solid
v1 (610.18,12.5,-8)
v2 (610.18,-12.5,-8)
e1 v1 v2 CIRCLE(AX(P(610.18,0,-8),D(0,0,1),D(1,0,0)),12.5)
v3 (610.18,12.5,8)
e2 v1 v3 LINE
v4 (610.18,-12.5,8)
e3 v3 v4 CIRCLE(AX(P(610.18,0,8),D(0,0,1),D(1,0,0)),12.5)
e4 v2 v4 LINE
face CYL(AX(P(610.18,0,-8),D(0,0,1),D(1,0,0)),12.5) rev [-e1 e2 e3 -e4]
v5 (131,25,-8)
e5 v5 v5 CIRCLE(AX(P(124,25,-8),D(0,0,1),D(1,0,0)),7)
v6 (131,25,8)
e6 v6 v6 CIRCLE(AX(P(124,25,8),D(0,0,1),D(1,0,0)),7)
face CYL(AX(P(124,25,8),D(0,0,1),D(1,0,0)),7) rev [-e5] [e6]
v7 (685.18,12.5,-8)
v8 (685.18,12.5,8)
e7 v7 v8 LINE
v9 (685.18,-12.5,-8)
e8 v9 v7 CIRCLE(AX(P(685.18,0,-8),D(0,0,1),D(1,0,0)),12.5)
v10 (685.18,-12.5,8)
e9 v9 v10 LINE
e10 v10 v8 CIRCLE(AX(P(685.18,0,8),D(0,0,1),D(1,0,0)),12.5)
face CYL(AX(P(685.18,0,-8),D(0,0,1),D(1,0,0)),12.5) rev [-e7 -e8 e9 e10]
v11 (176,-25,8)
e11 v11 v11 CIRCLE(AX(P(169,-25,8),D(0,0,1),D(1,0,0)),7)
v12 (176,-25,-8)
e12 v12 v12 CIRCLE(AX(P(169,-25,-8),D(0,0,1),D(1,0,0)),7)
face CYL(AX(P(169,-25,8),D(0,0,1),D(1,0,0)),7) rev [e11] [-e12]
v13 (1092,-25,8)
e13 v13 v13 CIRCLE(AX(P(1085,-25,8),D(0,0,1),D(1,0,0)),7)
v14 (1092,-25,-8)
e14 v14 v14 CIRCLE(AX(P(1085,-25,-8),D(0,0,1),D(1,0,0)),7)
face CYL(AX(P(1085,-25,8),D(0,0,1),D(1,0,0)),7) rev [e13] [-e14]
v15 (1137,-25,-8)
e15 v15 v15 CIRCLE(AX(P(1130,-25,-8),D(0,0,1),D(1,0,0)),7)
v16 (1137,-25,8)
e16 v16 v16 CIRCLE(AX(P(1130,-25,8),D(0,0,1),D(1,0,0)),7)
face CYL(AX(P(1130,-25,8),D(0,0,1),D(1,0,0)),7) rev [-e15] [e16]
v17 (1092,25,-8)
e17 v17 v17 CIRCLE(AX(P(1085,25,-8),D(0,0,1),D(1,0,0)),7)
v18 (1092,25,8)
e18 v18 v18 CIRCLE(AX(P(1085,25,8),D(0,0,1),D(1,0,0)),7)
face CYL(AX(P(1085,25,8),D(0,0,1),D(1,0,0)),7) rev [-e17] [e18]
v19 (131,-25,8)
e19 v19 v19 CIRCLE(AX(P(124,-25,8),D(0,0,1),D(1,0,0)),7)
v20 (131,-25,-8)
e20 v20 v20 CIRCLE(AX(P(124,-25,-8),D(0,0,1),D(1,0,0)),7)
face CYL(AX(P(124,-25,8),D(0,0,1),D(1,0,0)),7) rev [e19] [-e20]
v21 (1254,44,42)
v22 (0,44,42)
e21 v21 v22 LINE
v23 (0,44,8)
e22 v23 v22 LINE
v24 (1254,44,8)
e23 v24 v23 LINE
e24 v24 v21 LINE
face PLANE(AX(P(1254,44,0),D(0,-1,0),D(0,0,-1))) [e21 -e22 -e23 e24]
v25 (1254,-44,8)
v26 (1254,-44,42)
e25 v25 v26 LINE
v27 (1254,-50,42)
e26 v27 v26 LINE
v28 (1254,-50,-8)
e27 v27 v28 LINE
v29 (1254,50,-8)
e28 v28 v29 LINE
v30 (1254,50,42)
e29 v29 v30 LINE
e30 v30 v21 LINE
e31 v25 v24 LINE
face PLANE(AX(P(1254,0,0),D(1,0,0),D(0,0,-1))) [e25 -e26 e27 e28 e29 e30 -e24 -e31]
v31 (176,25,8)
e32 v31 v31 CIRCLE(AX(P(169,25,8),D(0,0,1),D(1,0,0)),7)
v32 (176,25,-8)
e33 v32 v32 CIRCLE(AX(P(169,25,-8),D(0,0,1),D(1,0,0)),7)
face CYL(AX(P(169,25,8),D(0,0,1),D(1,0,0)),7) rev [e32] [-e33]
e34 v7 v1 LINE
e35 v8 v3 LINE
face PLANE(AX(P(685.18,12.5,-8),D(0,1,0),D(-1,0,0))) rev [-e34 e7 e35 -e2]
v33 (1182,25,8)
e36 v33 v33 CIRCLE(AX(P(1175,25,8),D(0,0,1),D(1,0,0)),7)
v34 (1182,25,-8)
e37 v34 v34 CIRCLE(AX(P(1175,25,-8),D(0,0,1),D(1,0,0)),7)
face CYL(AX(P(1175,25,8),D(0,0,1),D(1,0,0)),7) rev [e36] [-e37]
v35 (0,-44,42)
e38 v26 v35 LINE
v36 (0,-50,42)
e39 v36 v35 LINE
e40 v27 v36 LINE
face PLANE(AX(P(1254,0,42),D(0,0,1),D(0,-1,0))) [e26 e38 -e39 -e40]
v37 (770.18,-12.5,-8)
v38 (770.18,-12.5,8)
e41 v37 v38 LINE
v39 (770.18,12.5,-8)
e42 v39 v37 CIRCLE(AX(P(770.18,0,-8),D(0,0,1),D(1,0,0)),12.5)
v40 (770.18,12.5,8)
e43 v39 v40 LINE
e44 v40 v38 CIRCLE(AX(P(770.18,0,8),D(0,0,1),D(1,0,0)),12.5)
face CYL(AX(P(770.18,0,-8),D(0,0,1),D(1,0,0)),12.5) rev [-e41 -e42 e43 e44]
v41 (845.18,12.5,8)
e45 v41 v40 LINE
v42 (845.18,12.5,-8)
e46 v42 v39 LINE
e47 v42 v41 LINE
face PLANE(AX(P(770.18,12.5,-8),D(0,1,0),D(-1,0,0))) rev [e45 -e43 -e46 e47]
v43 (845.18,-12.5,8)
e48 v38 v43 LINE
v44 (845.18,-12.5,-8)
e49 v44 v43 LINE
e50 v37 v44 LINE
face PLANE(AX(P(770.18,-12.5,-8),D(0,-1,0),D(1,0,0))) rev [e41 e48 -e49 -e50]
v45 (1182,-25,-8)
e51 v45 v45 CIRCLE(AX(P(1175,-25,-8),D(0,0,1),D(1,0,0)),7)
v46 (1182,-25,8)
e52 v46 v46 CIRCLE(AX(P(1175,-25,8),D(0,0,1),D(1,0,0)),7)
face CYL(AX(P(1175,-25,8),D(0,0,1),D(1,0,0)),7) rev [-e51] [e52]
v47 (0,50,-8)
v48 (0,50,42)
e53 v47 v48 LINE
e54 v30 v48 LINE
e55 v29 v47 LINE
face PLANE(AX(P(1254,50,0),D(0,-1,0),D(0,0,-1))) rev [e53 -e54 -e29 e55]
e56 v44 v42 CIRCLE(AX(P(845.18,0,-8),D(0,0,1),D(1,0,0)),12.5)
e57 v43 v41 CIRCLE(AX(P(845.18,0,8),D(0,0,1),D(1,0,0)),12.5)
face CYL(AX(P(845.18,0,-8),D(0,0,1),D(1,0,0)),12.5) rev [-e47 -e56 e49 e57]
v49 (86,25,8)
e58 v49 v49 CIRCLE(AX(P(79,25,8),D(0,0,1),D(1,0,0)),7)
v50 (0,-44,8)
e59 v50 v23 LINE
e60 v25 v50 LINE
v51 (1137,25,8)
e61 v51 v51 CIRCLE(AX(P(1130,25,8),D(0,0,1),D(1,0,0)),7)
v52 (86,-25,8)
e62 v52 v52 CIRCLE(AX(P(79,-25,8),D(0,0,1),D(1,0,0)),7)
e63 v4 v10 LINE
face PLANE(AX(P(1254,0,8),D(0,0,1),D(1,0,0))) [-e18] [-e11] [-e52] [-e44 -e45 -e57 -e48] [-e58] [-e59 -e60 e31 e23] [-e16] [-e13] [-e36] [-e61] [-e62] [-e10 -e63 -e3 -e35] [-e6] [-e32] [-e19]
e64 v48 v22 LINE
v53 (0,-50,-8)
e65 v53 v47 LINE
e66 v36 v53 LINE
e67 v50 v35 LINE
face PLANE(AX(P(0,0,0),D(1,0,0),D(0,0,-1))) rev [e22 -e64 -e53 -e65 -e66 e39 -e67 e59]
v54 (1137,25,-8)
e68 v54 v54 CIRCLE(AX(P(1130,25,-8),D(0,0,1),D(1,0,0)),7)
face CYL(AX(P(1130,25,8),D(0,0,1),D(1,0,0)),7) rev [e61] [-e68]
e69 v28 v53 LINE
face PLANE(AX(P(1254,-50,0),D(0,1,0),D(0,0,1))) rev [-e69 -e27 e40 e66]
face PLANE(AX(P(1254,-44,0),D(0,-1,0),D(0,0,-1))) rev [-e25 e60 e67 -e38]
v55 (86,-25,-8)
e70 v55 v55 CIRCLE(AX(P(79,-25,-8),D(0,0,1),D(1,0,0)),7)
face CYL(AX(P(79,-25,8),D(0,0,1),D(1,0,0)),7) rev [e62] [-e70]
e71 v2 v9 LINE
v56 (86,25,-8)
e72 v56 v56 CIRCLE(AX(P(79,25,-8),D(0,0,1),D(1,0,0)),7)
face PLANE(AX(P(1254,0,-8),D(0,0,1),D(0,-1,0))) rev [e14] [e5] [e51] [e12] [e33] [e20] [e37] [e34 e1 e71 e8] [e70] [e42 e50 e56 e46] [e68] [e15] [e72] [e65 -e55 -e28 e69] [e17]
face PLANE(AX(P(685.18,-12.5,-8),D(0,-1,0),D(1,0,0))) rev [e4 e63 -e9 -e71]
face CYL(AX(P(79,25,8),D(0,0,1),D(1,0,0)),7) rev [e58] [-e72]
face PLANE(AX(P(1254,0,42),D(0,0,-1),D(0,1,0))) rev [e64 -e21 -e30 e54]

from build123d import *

# Parameters (mm, degrees)
SKETCH1_W               = 34
SKETCH1_H               = 6
SKETCH1_W_2             = 16
SKETCH1_H_2             = 88
BOSS_EXTRUDE1_DEPTH     = 1254
F_12_0MM_DOWEL_HOLE1_D  = 14
CUT_EXTRUDE1_DEPTH      = 35
CUT_EXTRUDE1_DEPTH_BACK = 17


with BuildPart() as part:
    # Sketch1 → Boss-Extrude1 (new body)
    with BuildSketch(Plane(origin=(0, 0, 0), x_dir=(0, 0, -1), z_dir=(1, 0, 0))):
        with Locations((-25, 47)):
            Rectangle(SKETCH1_W, SKETCH1_H)
        with Locations((0, 47)):
            Rectangle(SKETCH1_W_2, SKETCH1_H)
        Rectangle(SKETCH1_W_2, SKETCH1_H_2)
        with Locations((0, -47)):
            Rectangle(SKETCH1_W_2, SKETCH1_H)
        with Locations((-25, -47)):
            Rectangle(SKETCH1_W, SKETCH1_H)
    extrude(amount=BOSS_EXTRUDE1_DEPTH)

    # Ø12.0mm Dowel Hole1 (through all)
    with Locations(Plane.XY.offset(8)):
        with Locations((1175, 25), (1130, 25), (1085, 25), (1085, -25), (1130, -25), (1175, -25), (79, 25), (124, 25), (169, 25), (169, -25), (124, -25), (79, -25)):
            Hole(F_12_0MM_DOWEL_HOLE1_D / 2)

    # Sketch7 → Cut-Extrude1 (cut, two sides)
    with BuildSketch(Plane.XY.offset(8)) as cut_extrude1_sk:
        with BuildLine():
            Line((770.18, 12.5), (845.18, 12.5))
            ThreePointArc((845.18, 12.5), (857.68, 0), (845.18, -12.5))
            Line((845.18, -12.5), (770.18, -12.5))
            ThreePointArc((770.18, -12.5), (757.68, 0), (770.18, 12.5))
        make_face()
        with BuildLine():
            Line((685.18, -12.5), (610.18, -12.5))
            ThreePointArc((610.18, -12.5), (597.68, 0), (610.18, 12.5))
            Line((610.18, 12.5), (685.18, 12.5))
            ThreePointArc((685.18, 12.5), (697.68, 0), (685.18, -12.5))
        make_face()
    extrude(amount=CUT_EXTRUDE1_DEPTH, mode=Mode.SUBTRACT)
    extrude(cut_extrude1_sk.sketch, amount=-CUT_EXTRUDE1_DEPTH_BACK, mode=Mode.SUBTRACT)


solid = part.part
